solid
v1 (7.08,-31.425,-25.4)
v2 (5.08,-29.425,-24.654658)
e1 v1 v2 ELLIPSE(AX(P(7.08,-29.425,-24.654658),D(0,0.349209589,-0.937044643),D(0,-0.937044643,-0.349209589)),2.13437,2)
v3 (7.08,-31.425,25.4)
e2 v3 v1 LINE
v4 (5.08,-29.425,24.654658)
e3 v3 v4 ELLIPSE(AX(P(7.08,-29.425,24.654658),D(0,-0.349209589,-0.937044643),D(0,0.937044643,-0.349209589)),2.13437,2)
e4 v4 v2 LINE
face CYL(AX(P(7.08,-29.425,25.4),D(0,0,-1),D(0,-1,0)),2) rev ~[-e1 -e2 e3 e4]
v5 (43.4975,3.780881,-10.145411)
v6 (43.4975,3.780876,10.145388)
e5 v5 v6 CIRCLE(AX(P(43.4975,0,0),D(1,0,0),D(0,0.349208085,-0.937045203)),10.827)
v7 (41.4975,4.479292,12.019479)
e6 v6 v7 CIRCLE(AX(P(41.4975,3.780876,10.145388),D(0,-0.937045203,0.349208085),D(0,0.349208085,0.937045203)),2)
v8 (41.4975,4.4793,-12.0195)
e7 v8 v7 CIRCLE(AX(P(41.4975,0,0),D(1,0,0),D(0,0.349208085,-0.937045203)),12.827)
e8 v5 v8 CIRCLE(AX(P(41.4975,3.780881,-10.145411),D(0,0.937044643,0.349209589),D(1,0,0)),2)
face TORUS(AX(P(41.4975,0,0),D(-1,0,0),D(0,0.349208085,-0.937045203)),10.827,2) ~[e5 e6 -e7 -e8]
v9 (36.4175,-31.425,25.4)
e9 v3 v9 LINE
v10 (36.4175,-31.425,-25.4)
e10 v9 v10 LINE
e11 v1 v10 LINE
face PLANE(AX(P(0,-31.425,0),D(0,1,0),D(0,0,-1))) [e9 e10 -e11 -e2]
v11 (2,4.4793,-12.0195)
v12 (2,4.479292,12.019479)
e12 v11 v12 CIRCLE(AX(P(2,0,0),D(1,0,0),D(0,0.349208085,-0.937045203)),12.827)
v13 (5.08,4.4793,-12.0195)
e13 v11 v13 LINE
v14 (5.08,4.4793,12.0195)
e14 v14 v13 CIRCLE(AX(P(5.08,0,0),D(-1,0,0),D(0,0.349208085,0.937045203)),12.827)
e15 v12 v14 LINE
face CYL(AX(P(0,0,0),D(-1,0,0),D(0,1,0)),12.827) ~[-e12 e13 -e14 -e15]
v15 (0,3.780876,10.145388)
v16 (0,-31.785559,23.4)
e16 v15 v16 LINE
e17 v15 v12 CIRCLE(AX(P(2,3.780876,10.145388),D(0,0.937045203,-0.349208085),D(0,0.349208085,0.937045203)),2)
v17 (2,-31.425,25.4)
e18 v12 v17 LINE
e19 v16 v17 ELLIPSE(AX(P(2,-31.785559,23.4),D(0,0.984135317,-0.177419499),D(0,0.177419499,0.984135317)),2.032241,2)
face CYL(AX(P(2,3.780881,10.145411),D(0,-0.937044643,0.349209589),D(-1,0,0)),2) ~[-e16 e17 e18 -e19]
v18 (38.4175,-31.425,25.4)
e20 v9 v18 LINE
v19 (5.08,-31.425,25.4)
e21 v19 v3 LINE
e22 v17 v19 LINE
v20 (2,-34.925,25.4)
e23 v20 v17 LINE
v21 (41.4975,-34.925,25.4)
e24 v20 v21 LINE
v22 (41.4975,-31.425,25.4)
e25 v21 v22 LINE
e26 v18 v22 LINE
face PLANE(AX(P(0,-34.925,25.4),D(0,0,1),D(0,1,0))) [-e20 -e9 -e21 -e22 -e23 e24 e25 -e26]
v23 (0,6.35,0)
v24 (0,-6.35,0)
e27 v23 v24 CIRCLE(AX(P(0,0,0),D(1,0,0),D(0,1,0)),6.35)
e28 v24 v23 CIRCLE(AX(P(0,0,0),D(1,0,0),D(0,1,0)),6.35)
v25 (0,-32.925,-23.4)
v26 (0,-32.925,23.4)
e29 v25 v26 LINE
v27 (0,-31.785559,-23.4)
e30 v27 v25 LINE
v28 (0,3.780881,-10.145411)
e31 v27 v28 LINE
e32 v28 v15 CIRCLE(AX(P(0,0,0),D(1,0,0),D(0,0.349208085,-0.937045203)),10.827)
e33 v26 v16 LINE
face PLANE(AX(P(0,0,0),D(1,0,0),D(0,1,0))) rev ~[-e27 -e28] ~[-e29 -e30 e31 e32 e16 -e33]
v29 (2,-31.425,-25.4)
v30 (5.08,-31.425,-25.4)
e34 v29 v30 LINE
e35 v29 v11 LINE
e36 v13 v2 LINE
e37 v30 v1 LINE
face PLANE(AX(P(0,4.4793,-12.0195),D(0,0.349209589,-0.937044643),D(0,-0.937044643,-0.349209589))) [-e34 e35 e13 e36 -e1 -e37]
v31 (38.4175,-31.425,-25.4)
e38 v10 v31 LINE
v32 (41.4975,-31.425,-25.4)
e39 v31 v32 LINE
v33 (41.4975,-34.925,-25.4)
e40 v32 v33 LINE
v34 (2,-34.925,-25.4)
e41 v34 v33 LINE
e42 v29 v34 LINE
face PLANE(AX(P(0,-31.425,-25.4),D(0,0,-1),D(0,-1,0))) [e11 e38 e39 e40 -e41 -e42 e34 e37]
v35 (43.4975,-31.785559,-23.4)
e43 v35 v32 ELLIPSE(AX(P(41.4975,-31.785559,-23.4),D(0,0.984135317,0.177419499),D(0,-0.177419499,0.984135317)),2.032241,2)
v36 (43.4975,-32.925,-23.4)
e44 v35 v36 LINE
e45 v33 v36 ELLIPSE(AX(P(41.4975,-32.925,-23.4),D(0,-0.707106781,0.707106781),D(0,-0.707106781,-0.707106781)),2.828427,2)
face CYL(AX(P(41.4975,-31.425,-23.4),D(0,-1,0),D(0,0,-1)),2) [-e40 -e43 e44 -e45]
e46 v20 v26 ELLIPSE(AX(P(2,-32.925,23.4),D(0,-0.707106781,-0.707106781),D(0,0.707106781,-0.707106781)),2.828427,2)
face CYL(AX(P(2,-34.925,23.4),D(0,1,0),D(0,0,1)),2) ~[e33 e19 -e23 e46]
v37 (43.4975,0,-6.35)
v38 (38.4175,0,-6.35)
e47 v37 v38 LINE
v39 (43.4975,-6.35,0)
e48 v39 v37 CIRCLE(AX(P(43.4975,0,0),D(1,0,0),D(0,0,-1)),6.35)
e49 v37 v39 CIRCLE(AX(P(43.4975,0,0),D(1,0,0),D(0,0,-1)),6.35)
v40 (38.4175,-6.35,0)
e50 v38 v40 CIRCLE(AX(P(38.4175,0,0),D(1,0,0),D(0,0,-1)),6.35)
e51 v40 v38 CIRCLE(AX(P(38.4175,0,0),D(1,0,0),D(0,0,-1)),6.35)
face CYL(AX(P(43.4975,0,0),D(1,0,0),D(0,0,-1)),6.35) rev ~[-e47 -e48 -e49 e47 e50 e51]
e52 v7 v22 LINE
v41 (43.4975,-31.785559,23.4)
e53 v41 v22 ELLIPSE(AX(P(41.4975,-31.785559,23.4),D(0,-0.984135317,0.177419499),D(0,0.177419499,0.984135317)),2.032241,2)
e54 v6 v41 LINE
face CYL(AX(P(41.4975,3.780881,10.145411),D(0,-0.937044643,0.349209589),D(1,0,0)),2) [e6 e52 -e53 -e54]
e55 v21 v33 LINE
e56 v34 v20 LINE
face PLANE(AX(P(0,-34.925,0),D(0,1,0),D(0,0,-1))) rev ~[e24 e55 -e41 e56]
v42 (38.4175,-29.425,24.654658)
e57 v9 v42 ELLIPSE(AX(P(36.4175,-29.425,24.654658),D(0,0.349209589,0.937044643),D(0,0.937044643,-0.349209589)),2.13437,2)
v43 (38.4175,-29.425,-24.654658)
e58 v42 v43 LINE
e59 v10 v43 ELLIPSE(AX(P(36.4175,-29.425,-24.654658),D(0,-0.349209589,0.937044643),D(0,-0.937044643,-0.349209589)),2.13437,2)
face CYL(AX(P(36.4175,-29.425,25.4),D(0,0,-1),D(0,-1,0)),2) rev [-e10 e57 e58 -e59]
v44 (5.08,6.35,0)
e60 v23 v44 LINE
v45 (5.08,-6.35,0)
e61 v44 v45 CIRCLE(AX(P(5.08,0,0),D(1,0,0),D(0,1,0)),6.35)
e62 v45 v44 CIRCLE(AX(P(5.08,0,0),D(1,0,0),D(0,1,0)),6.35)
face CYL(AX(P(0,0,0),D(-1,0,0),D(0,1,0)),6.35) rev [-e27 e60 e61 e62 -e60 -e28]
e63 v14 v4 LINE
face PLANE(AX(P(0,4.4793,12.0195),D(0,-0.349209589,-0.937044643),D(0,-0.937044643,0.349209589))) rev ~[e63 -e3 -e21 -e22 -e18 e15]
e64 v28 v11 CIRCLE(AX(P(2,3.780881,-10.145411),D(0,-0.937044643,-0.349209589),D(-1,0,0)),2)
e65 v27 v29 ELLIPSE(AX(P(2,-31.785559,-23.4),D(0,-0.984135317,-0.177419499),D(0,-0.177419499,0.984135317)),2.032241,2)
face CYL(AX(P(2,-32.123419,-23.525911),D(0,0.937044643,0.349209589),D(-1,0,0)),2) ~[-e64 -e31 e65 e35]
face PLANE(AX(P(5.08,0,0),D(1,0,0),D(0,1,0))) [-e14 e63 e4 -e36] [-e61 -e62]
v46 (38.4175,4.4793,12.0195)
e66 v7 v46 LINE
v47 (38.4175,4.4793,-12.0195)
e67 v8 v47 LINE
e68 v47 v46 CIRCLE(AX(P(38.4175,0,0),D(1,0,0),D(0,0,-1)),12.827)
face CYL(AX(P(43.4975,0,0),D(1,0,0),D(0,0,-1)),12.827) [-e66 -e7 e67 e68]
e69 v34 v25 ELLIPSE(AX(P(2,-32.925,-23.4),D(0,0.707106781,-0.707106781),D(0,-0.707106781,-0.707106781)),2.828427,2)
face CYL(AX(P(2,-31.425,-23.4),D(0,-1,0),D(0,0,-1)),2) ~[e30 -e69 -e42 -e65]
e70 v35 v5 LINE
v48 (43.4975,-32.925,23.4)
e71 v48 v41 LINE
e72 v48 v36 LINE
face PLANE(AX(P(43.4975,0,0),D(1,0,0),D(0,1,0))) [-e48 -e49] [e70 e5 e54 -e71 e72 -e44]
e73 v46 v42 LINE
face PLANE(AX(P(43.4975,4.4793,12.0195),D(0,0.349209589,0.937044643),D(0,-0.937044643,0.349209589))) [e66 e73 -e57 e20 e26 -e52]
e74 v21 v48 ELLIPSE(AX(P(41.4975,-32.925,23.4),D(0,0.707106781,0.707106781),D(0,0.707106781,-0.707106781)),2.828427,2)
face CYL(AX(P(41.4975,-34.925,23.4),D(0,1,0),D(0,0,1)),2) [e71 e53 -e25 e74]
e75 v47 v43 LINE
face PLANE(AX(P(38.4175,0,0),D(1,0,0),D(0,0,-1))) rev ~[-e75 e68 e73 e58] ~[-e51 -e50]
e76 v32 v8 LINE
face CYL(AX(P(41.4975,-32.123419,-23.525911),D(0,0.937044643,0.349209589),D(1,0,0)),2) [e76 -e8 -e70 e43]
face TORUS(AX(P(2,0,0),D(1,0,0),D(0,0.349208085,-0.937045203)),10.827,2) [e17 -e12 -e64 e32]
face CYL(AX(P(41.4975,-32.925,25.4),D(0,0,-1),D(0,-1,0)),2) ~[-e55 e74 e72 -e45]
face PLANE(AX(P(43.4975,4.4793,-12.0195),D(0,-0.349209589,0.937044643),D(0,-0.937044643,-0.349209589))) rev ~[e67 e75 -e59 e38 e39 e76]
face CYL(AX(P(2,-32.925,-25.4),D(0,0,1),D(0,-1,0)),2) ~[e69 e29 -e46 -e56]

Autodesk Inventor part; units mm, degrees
ref_plane "YZ Plane" through (0, 0, 0) normal (1, 0, 0) x (0, 1, 0)
ref_plane "XZ Plane" through (0, 0, 0) normal (0, 1, 0) x (-1, 0, 0)
ref_plane "XY Plane" through (0, 0, 0) normal (0, 0, 1) x (1, 0, 0)
sketch "Sketch1" plane through (0, 0, 0) normal (1, 0, 0) x (0, 1, 0)
  circle A0 centre (0, 0) radius 6.35
  line L0 (0, 0) -> (-34.925, 0)
  line L1 (-34.925, 25.4) -> (-34.925, -25.4)
  line L2 (-34.925, 25.4) -> (-31.425, 25.4)
  line L3 (-31.425, 25.4) -> (-31.425, -25.4)
  line L4 (-31.425, -25.4) -> (-34.925, -25.4)
  line L5 (-34.925, -25.4) -> (-34.925, 25.4)
  circle A1 centre (0, 0) radius 12.827
  line L6 (4.4793, 12.0195) -> (-31.425, 25.4)
  line L7 (4.4793, -12.0195) -> (-31.425, -25.4)
  dimension "d0" = 12.7
  dimension "d1" = 34.925
  dimension "d2" = 50.8
  dimension "d3" = 3.5
  dimension "d4" = 25.654
extrude "Extrusion1" add sketch "Sketch1" along normal blind 43.4975 contours L3 L4 L1 L0 | L0 L1 L2 L3
sketch "Sketch2" plane through (43.4975, 0, 0) normal (1, 0, 0) x (0, 0, -1)
  line L0 (-25.4, -34.925) -> (25.4, -34.925) projected
  line L1 (25.4, -34.925) -> (25.4, -31.425) projected
  line L2 (25.4, -31.425) -> (-25.4, -31.425) projected
  line L3 (-25.4, -31.425) -> (-25.4, -34.925) projected
  line L4 (-25.4, -31.425) -> (-25.4, -34.925) projected
  line L5 (-25.4, -34.925) -> (25.4, -34.925) projected
  line L6 (-25.4, -31.425) -> (-25.4, -34.925) projected
  line L7 (25.4, -31.425) -> (-25.4, -31.425) projected
  line L8 (25.4, -34.925) -> (25.4, -31.425) projected
  line L9 (-25.4, -31.425) -> (-25.4, -34.925) projected
  line L10 (-25.4, -31.425) -> (-25.4, -34.925) projected
  circle A0 centre (0, 0) radius 6.35 projected
  line L11 (0, 0) -> (0, -34.925) projected
  line L12 (-25.4, -34.925) -> (25.4, -34.925) projected
  line L13 (-25.4, -34.925) -> (-25.4, -31.425) projected
  line L14 (-25.4, -31.425) -> (25.4, -31.425) projected
  line L15 (25.4, -31.425) -> (25.4, -34.925) projected
  line L16 (25.4, -34.925) -> (-25.4, -34.925) projected
  circle A1 centre (0, 0) radius 12.827 projected
  line L17 (-12.0195, 4.4793) -> (-25.4, -31.425) projected
  line L18 (12.0195, 4.4793) -> (25.4, -31.425) projected
extrude "Extrusion2" add sketch "Sketch1" along normal blind 5.08 contours A1 | A1 L7 L3 L0 | L0 L3 L6 A1
extrude "Extrusion3" add sketch "Sketch2" against normal blind 5.08 contours L17 A1 L11 L2 | L11 A1 L18 L2 | A1
fillet "Fillet1" radius 2 14 edges at (43.4975, 12.827, 0) (43.4975, -13.4728, -18.7097) (43.4975, -13.4728, 18.7097) (0, 12.827, 0) (0, -13.4728, -18.7097) (0, -13.4728, 18.7097) (43.4975, -33.175, 25.4) (43.4975, -33.175, -25.4) (0, -33.175, 25.4) (0, -33.175, -25.4) (43.4975, -34.925, 0) (0, -34.925, 0) (38.4175, -31.425, 0) (5.08, -31.425, 0)
properties part number "largebracket"
